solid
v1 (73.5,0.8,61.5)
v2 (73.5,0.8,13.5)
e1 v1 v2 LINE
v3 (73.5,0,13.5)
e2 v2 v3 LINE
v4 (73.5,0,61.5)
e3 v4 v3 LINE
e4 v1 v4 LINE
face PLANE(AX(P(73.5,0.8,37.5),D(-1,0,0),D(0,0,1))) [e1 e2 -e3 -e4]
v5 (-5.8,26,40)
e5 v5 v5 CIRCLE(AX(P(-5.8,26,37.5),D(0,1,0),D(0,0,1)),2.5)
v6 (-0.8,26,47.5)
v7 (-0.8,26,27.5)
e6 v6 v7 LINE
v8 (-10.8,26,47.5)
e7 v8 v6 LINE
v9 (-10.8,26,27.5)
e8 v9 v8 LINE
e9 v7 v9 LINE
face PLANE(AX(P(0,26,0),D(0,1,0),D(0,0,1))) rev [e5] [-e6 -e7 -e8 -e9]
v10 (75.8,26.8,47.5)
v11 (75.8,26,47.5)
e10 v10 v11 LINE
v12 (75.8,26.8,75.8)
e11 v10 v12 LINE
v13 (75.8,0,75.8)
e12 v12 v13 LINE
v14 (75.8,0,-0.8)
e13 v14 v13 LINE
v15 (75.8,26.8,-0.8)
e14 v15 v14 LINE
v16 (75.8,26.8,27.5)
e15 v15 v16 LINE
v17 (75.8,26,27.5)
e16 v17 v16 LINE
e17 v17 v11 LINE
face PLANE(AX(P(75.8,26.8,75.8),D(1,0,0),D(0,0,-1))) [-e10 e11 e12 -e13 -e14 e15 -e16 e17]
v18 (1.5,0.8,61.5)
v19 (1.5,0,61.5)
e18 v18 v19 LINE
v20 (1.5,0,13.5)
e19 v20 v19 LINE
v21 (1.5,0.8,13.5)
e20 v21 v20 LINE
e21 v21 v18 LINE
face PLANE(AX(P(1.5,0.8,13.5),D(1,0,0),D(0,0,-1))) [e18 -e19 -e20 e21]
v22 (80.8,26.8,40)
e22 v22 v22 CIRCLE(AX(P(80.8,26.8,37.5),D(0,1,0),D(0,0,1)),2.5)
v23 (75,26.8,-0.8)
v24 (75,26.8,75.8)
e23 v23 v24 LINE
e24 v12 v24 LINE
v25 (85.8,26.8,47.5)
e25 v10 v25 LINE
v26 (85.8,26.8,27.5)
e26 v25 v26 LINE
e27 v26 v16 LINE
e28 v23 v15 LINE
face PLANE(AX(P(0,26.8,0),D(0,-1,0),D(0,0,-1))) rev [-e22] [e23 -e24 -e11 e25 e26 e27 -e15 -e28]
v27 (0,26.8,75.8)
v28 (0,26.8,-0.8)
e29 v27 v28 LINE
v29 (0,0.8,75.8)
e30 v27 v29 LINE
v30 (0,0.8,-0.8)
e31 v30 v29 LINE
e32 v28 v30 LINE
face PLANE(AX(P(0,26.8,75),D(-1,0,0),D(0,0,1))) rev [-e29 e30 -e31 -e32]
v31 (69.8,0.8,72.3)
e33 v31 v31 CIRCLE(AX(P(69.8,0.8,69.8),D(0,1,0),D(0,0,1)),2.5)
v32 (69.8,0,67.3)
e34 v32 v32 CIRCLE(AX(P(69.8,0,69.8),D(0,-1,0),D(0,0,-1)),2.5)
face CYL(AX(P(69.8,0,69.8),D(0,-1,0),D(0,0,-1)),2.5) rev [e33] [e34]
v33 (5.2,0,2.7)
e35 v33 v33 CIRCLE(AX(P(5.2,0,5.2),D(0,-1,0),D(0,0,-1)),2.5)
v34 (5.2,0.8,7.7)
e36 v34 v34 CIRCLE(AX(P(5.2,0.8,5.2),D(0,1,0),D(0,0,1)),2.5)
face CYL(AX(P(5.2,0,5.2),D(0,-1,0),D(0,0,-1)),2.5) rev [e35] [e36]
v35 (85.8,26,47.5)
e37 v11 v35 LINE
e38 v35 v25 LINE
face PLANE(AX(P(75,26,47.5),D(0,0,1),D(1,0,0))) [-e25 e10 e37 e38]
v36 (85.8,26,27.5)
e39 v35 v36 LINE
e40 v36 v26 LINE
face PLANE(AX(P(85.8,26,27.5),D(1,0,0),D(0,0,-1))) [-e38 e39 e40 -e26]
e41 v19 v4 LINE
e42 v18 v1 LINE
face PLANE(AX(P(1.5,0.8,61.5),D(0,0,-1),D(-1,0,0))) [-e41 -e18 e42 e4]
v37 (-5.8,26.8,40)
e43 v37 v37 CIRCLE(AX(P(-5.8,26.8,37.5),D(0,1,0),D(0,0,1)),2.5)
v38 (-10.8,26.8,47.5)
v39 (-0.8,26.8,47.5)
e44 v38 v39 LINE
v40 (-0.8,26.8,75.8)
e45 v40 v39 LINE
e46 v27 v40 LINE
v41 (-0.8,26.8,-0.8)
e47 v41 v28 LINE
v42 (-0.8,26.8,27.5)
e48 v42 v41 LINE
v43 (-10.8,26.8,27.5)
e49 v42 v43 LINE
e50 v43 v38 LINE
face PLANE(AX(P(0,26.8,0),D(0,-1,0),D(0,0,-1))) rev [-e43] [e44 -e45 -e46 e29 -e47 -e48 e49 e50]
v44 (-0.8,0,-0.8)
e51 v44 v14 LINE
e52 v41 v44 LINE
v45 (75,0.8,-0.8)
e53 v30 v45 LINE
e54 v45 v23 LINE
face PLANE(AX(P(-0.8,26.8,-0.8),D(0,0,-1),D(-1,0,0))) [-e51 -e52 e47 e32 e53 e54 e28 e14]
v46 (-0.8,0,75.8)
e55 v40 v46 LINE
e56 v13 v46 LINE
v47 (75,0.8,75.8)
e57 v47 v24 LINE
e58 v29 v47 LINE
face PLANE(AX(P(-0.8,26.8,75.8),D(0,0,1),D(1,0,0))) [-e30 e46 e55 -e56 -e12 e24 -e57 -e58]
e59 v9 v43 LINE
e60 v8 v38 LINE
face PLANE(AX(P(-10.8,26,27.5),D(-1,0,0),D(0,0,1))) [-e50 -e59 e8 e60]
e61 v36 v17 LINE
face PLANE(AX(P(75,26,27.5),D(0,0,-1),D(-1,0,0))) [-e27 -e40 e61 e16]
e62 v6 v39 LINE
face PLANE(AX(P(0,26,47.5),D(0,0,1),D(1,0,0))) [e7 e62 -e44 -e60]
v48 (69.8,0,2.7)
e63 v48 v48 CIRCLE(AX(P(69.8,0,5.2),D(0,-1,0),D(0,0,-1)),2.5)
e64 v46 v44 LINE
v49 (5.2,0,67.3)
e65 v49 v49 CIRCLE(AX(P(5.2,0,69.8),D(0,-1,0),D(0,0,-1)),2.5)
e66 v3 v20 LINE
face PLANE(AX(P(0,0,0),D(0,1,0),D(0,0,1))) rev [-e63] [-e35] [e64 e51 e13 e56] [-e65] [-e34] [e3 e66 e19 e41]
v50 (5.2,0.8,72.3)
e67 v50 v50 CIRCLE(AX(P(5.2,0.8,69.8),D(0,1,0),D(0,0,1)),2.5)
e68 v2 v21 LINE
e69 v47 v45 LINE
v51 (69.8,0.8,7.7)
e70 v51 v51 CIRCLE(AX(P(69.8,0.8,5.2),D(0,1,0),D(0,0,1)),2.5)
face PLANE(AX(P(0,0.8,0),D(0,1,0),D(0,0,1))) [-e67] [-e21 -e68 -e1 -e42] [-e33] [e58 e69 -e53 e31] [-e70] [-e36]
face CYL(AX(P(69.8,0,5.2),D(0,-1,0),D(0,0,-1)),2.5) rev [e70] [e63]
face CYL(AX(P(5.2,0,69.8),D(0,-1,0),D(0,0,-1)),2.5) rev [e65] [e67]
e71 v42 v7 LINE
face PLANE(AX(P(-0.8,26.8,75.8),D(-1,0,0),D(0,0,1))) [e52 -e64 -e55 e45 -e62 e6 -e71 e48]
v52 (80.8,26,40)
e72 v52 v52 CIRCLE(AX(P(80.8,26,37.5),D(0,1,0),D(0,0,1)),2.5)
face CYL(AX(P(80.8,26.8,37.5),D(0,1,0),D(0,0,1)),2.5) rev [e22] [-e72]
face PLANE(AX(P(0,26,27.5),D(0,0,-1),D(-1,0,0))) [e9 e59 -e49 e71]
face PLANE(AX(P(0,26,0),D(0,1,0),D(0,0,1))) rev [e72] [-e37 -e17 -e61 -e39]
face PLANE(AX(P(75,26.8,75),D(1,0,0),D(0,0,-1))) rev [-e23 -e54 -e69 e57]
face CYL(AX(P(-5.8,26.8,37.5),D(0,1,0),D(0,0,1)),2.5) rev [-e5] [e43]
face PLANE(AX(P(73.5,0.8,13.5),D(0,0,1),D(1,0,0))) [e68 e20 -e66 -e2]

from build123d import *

# Parameters (mm, degrees)
SKETCH_1_W          = 75
SKETCH_1_H          = 75
EXTRUDE_1_DEPTH     = 0.8
SKETCH_2_W          = 76.6
SKETCH_2_H          = 76.6
SKETCH_2_W_2        = 75
SKETCH_2_H_2        = 75
EXTRUDE_2_DEPTH     = 26.8
SKETCH_3_W          = 10.8
SKETCH_3_H          = 20
EXTRUDE_3_DEPTH     = 0.8
F_5_0MM_1_D         = 5
SKETCH_6_W          = 75
SKETCH_6_H          = 26
CUT_EXTRUDE_1_DEPTH = 119.099280269
F_5_0MM_2_D         = 5


with BuildPart() as part:
    # 草图1 → 凸台-拉伸1 (new body)
    with BuildSketch(Plane(origin=(0, 0, 0), x_dir=(1, 0, 0), z_dir=(0, 1, 0))):
        with Locations((37.5, -37.5)):
            Rectangle(SKETCH_1_W, SKETCH_1_H)
        Polygon((73.5, -37.5), (73.5, -13.5), (1.5, -13.5), (1.5, -61.5), (73.5, -61.5), align=None, mode=Mode.SUBTRACT)
    extrude(amount=EXTRUDE_1_DEPTH)

    # 草图2 → 凸台-拉伸2 (add)
    with BuildSketch(Plane.XZ):
        with Locations((37.5, 37.5)):
            Rectangle(SKETCH_2_W, SKETCH_2_H)
        with Locations((37.5, 37.5)):
            Rectangle(SKETCH_2_W_2, SKETCH_2_H_2, mode=Mode.SUBTRACT)
    extrude(amount=-EXTRUDE_2_DEPTH)

    # 草图3 → 凸台-拉伸3 (add)
    with BuildSketch(Plane(origin=(0, 26.8, 0), x_dir=(1, 0, 0), z_dir=(0, 1, 0))):
        with Locations((-5.4, -37.5)):
            Rectangle(SKETCH_3_W, SKETCH_3_H)
        with Locations((80.4, -37.5)):
            Rectangle(SKETCH_3_W, SKETCH_3_H)
    extrude(amount=-EXTRUDE_3_DEPTH)

    # Ø5.0mm 暗销孔1 (through all)
    with Locations(Plane(origin=(0, 26.8, 0), x_dir=(1, 0, 0), z_dir=(0, 1, 0))):
        with Locations((80.8, -37.5), (-5.8, -37.5)):
            Hole(F_5_0MM_1_D / 2)

    # 草图6 → 切除-拉伸1 (cut, through all)
    with BuildSketch(Plane.XY.offset(75.8)):
        with Locations((37.5, 13.8)):
            Rectangle(SKETCH_6_W, SKETCH_6_H)
    extrude(amount=-CUT_EXTRUDE_1_DEPTH, mode=Mode.SUBTRACT)

    # Ø5.0mm 暗销孔2 (through all)
    with Locations(Plane(origin=(0, 0, 0), x_dir=(-1, 0, 0), z_dir=(0, -1, 0))):
        with Locations((-69.8, -69.8), (-69.8, -5.2), (-5.2, -5.2), (-5.2, -69.8)):
            Hole(F_5_0MM_2_D / 2)


solid = part.part
